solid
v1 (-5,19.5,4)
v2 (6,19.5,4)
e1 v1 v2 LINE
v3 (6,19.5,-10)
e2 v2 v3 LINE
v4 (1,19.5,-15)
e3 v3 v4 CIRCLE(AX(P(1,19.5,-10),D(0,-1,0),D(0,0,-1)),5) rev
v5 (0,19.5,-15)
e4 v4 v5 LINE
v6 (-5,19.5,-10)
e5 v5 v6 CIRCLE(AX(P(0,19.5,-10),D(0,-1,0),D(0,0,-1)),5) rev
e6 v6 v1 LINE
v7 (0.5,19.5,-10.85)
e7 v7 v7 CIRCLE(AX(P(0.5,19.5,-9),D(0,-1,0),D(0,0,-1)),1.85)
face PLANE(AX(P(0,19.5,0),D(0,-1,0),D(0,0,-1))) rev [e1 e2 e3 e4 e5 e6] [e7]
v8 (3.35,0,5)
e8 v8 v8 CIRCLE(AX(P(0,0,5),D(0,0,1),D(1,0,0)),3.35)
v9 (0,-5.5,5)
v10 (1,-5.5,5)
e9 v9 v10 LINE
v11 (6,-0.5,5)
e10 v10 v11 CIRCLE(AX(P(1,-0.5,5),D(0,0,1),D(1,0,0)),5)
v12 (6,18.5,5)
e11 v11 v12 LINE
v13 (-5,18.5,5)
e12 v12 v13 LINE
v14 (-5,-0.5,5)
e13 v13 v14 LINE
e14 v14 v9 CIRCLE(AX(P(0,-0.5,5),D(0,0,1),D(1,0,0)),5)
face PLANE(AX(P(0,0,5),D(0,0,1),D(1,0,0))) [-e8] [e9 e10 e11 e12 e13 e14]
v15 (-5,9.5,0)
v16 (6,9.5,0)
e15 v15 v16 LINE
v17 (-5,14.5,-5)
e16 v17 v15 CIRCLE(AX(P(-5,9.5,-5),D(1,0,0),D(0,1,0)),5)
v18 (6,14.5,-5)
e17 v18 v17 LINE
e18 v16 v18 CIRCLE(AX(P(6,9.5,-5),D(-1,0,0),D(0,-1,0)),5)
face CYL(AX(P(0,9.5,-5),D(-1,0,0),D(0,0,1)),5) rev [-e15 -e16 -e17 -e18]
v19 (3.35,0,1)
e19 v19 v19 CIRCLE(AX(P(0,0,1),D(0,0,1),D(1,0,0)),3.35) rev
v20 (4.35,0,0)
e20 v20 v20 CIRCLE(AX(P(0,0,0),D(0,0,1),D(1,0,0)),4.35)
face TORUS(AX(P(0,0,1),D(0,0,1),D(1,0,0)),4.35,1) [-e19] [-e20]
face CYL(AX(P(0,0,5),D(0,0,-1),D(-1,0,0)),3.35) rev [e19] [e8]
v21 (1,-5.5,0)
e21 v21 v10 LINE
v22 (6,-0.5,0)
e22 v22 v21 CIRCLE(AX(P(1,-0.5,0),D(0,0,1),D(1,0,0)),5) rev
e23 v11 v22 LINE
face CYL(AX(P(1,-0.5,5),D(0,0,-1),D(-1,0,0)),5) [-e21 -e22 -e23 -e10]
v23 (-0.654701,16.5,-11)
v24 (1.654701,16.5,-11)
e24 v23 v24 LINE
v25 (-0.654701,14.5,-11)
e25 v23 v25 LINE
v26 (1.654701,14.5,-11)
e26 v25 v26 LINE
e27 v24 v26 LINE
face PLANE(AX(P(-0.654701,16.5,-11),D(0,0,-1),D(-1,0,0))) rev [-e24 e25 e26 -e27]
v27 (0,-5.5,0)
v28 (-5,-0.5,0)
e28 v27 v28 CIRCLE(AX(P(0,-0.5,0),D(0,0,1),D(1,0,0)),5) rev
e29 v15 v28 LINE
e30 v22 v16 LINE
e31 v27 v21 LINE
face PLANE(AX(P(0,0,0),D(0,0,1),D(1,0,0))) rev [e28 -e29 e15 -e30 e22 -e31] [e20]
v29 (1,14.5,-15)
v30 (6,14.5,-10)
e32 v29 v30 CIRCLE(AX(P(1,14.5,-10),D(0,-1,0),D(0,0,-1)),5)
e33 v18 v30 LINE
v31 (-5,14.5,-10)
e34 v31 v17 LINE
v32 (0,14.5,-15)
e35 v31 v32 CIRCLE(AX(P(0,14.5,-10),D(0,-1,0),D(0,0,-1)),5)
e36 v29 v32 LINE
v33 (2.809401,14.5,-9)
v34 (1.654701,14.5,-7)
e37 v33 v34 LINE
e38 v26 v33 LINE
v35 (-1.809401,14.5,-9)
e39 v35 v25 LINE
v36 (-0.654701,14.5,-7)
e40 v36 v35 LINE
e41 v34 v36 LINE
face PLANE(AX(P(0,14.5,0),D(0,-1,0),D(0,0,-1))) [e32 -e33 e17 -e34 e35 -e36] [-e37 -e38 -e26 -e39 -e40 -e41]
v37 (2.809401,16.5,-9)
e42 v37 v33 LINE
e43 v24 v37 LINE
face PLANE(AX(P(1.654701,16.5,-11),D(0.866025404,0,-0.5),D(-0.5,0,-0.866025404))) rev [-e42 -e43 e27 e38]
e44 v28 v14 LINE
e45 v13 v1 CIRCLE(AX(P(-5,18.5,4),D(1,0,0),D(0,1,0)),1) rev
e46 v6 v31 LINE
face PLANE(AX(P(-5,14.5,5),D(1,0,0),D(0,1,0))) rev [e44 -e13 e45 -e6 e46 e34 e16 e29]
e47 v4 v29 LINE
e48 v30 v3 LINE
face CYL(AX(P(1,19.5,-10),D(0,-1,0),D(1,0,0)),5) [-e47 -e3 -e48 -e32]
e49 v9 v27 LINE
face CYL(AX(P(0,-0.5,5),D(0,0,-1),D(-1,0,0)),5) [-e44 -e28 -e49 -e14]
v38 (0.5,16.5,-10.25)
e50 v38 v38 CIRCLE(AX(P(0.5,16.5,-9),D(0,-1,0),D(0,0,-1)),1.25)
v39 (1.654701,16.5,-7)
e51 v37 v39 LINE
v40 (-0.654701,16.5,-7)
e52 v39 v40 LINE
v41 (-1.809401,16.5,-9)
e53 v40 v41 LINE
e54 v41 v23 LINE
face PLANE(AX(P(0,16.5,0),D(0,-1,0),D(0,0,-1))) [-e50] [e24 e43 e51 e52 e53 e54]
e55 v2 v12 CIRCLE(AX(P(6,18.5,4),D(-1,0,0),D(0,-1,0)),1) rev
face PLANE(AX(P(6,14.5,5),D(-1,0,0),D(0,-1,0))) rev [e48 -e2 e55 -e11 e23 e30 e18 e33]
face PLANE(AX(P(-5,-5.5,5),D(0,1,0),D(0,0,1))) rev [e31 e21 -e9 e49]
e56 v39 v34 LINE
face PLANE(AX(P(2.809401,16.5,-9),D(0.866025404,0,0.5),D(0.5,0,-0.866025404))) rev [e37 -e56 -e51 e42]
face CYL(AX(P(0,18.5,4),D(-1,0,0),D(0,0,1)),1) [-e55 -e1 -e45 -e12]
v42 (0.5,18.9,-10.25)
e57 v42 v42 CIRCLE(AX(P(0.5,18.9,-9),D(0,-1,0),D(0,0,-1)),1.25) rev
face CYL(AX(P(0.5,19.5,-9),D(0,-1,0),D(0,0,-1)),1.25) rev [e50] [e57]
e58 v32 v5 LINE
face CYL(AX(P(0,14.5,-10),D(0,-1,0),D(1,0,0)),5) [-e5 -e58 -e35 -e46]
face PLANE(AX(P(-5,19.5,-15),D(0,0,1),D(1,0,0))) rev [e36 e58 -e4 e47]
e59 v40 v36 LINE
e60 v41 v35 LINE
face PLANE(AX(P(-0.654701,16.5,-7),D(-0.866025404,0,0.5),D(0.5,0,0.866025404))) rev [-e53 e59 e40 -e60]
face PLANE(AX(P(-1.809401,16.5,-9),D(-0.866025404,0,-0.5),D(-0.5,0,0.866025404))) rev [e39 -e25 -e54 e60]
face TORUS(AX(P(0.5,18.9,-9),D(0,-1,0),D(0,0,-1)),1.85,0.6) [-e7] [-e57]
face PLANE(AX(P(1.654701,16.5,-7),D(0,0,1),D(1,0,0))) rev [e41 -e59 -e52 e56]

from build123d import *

# Parameters (mm, degrees)
SKETCH_1_W          = 11
SKETCH_1_H          = 20
SKETCH_1_R          = 3.35
EXTRUDE_1_DEPTH     = 5
SKETCH_2_W          = 11
SKETCH_2_H          = 20
EXTRUDE_2_DEPTH     = 5
FILLET_1_R          = 5
FILLET_2_R          = 1
FILLET_4_R          = 1
FILLET_8_R          = 5
FILLET_9_R          = 5
CUT_EXTRUDE_3_DEPTH = 2
SKETCH_9_R          = 1.25
CUT_EXTRUDE_4_DEPTH = 3
FILLET_10_R         = 0.6


with BuildPart() as part:
    # Эскиз1 → Бобышка-Вытянуть1 (new body)
    with BuildSketch(Plane.XY):
        with Locations((0.5, 4.5)):
            Rectangle(SKETCH_1_W, SKETCH_1_H)
        Circle(SKETCH_1_R, mode=Mode.SUBTRACT)
    extrude(amount=EXTRUDE_1_DEPTH)

    # Эскиз2 → Бобышка-Вытянуть2 (add)
    with BuildSketch(Plane(origin=(0, 14.5, 0), x_dir=(1, 0, 0), z_dir=(0, 1, 0))):
        with Locations((0.5, 5)):
            Rectangle(SKETCH_2_W, SKETCH_2_H)
    extrude(amount=EXTRUDE_2_DEPTH)

    # Скругление1
    fillet_1_edges = [part.edges().sort_by_distance(p)[0] for p in [
        (0.5, 14.5, 0),
    ]]
    fillet(fillet_1_edges, radius=FILLET_1_R)

    # Скругление2
    fillet_2_edges = [part.edges().sort_by_distance(p)[0] for p in [
        (-3.35, 0, 0),
    ]]
    fillet(fillet_2_edges, radius=FILLET_2_R)

    # Скругление4
    fillet_4_edges = [part.edges().sort_by_distance(p)[0] for p in [
        (0.5, 19.5, 5),
    ]]
    fillet(fillet_4_edges, radius=FILLET_4_R)

    # Скругление8
    fillet_8_edges = [part.edges().sort_by_distance(p)[0] for p in [
        (6, -5.5, 2.5),
        (-5, -5.5, 2.5),
    ]]
    fillet(fillet_8_edges, radius=FILLET_8_R)

    # Скругление9
    fillet_9_edges = [part.edges().sort_by_distance(p)[0] for p in [
        (-5, 17, -15),
        (6, 17, -15),
    ]]
    fillet(fillet_9_edges, radius=FILLET_9_R)

    # Эскиз8 → Вырез-Вытянуть3 (cut)
    with BuildSketch(Plane.XZ.offset(-14.5)):
        Polygon((2.809401077, -9), (1.654700538, -7), (-0.654700538, -7), (-1.809401077, -9), (-0.654700538, -11), (1.654700538, -11), align=None)
    extrude(amount=-CUT_EXTRUDE_3_DEPTH, mode=Mode.SUBTRACT)

    # Эскиз9 → Вырез-Вытянуть4 (cut)
    with BuildSketch(Plane.XZ.offset(-16.5)):
        with Locations(Location((0.5, -9, 0), (0, 0, 270))):
            Circle(SKETCH_9_R)
    extrude(amount=-CUT_EXTRUDE_4_DEPTH, mode=Mode.SUBTRACT)

    # Скругление10
    fillet_10_edges = [part.edges().sort_by_distance(p)[0] for p in [
        (0.5, 19.5, -7.75),
    ]]
    fillet(fillet_10_edges, radius=FILLET_10_R)


solid = part.part
